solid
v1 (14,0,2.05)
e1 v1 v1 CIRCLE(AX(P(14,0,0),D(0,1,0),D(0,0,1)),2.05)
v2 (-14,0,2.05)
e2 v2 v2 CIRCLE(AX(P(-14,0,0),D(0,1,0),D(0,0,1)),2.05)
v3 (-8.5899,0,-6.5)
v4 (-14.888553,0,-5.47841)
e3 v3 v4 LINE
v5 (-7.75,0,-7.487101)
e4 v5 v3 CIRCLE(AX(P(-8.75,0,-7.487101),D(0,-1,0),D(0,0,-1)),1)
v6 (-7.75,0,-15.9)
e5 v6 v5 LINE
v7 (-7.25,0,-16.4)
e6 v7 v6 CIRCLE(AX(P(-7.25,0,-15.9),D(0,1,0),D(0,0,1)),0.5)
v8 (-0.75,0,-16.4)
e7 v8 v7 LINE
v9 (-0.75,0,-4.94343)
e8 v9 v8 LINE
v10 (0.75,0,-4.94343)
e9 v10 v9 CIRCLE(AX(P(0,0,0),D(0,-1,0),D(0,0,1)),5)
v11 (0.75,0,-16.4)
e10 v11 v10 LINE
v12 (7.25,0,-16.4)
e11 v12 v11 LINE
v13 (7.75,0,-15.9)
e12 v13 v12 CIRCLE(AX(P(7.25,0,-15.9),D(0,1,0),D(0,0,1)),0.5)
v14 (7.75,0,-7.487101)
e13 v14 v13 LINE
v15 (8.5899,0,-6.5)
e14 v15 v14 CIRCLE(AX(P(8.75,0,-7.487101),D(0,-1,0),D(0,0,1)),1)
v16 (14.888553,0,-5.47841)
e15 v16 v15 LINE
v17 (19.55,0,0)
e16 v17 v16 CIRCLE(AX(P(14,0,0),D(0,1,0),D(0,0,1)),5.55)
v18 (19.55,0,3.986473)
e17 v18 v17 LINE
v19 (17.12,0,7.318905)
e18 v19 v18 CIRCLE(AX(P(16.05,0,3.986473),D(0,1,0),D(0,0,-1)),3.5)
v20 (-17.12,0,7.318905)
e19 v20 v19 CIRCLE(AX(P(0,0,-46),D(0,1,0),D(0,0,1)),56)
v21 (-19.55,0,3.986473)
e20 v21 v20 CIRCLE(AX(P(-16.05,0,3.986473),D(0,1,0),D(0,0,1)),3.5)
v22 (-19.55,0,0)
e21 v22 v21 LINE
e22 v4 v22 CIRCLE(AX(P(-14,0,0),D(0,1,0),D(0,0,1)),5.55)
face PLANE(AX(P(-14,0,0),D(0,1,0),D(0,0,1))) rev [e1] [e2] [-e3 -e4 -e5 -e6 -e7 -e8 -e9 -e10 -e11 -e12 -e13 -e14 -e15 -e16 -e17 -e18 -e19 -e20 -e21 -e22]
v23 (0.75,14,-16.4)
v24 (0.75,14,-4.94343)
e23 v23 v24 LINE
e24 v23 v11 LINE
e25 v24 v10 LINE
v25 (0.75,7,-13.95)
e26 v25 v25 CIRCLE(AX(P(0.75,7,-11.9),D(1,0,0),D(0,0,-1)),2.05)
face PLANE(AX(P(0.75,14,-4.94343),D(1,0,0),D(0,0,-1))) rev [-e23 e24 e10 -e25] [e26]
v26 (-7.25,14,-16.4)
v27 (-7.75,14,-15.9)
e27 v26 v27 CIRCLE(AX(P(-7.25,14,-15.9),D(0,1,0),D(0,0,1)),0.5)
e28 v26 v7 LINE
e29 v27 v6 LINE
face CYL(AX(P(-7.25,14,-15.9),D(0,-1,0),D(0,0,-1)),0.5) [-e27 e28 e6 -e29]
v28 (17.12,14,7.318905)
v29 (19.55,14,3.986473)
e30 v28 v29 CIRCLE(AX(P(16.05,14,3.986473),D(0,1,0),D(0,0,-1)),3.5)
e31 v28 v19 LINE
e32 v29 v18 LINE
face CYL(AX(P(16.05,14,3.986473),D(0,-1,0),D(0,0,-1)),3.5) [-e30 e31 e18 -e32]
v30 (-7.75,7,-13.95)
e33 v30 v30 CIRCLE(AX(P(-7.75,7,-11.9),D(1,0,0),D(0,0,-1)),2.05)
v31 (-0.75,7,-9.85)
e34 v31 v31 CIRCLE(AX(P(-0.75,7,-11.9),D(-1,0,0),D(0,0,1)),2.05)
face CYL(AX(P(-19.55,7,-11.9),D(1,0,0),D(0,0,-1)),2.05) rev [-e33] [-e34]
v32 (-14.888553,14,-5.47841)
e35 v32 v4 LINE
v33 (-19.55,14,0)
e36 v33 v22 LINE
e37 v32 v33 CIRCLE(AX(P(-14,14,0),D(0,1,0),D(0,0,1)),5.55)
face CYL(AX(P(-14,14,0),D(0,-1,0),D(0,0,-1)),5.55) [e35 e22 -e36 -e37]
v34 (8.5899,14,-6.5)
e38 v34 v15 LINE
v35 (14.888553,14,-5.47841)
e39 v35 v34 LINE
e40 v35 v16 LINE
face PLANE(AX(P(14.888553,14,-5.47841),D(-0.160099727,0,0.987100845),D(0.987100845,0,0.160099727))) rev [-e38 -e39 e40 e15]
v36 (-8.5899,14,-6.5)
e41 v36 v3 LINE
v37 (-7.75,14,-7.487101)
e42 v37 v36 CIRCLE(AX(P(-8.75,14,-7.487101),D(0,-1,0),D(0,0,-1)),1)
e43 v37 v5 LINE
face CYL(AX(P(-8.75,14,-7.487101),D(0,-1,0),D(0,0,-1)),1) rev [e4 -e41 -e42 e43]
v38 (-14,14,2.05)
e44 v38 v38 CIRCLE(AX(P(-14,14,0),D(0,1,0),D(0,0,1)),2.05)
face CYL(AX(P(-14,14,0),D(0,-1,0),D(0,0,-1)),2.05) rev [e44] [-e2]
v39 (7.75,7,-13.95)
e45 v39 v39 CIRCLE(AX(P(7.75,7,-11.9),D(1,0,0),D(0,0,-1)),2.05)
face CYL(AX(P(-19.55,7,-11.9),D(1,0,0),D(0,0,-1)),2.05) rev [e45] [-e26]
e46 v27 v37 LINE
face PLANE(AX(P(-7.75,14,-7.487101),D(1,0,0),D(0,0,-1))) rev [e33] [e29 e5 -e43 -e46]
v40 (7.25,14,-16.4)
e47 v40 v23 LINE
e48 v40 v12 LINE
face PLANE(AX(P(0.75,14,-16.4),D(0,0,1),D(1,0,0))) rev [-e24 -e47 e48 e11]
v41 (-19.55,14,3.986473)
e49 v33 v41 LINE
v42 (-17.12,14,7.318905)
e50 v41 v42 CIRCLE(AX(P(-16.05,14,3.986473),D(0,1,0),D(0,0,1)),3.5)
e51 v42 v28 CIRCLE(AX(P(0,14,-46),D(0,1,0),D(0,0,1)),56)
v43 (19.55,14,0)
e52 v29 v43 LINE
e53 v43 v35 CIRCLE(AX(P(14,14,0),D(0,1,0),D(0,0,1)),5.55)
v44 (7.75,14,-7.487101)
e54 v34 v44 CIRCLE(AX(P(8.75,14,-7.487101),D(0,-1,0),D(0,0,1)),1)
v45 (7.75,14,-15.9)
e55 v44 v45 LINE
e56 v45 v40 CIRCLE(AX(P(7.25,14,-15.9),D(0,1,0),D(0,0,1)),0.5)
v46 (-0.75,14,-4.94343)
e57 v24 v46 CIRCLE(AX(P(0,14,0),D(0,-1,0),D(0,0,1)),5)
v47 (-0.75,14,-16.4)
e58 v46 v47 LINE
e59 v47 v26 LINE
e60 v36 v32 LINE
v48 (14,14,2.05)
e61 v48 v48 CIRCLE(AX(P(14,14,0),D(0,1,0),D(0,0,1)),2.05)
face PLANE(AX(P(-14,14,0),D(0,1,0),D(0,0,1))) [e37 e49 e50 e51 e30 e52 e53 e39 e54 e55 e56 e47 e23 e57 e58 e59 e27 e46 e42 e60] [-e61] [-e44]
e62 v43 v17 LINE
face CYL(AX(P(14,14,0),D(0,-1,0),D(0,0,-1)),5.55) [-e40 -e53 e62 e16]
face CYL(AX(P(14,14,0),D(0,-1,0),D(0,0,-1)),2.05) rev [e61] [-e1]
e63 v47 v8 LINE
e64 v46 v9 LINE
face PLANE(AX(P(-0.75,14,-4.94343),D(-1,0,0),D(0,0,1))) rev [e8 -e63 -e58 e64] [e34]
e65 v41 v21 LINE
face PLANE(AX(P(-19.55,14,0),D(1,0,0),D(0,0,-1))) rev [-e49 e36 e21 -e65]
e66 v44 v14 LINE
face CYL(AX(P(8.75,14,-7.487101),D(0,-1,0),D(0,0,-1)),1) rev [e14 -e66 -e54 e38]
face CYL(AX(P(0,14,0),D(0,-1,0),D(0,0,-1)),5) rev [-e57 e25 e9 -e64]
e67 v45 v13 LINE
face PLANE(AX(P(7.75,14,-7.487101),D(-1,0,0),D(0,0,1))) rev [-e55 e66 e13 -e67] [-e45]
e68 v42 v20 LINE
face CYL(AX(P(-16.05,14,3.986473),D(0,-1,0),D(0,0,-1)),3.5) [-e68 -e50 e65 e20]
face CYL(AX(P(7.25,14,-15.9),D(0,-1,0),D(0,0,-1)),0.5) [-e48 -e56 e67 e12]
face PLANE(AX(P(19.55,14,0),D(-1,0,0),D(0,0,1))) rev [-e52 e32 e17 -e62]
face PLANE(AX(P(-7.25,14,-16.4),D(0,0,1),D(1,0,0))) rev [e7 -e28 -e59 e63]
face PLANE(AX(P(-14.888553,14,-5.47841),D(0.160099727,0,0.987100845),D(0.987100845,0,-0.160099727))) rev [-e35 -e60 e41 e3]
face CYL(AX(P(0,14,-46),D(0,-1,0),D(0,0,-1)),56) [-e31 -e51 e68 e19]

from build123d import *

# Parameters (mm, degrees)
SKETCH1_R           = 2.05
BOSS_EXTRUDE1_DEPTH = 14
SKETCH2_R           = 2.05
CUT_EXTRUDE1_DEPTH  = 35.788647574


with BuildPart() as part:
    # Sketch1 → Boss-Extrude1 (new body)
    with BuildSketch(Plane(origin=(0, 0, 0), x_dir=(1, 0, 0), z_dir=(0, 1, 0))):
        with BuildLine():
            Line((-19.55, 0), (-19.55, -3.98647317))
            ThreePointArc((-19.55, -3.98647317), (-18.877985148, -6.048632233), (-17.12, -7.318904715))
            ThreePointArc((-17.12, -7.318904715), (0, -10), (17.12, -7.318904715))
            ThreePointArc((17.12, -7.318904715), (18.877985148, -6.048632233), (19.55, -3.98647317))
            Line((19.55, -3.98647317), (19.55, 0))
            ThreePointArc((19.55, 0), (18.22693576, 3.59659757), (14.888553485, 5.478409687))
            Line((14.888553485, 5.478409687), (8.589900273, 6.5))
            ThreePointArc((8.589900273, 6.5), (7.988389953, 6.839065246), (7.75, 7.487100845))
            Line((7.75, 7.487100845), (7.75, 15.9))
            ThreePointArc((7.75, 15.9), (7.603553391, 16.253553391), (7.25, 16.4))
            Line((7.25, 16.4), (0.75, 16.4))
            Line((0.75, 16.4), (0.75, 4.943429983))
            ThreePointArc((0.75, 4.943429983), (0, -5), (-0.75, 4.943429983))
            Line((-0.75, 4.943429983), (-0.75, 16.4))
            Line((-0.75, 16.4), (-7.25, 16.4))
            ThreePointArc((-7.25, 16.4), (-7.603553391, 16.253553391), (-7.75, 15.9))
            Line((-7.75, 15.9), (-7.75, 7.487100845))
            ThreePointArc((-7.75, 7.487100845), (-7.988389953, 6.839065246), (-8.589900273, 6.5))
            Line((-8.589900273, 6.5), (-14.888553485, 5.478409687))
            ThreePointArc((-14.888553485, 5.478409687), (-18.22693576, 3.59659757), (-19.55, 0))
        make_face()
        with Locations(Location((-14, 0, 0), (0, 0, 270))):
            Circle(SKETCH1_R, mode=Mode.SUBTRACT)
        with Locations(Location((14, 0, 0), (0, 0, 270))):
            Circle(SKETCH1_R, mode=Mode.SUBTRACT)
    extrude(amount=BOSS_EXTRUDE1_DEPTH)

    # Sketch2 → Cut-Extrude1 (cut, through all)
    with BuildSketch(Plane(origin=(7.75, 0, 0), x_dir=(0, 0, -1), z_dir=(1, 0, 0))):
        with Locations((11.9, 7)):
            Circle(SKETCH2_R)
    extrude(amount=-CUT_EXTRUDE1_DEPTH, mode=Mode.SUBTRACT)


solid = part.part
